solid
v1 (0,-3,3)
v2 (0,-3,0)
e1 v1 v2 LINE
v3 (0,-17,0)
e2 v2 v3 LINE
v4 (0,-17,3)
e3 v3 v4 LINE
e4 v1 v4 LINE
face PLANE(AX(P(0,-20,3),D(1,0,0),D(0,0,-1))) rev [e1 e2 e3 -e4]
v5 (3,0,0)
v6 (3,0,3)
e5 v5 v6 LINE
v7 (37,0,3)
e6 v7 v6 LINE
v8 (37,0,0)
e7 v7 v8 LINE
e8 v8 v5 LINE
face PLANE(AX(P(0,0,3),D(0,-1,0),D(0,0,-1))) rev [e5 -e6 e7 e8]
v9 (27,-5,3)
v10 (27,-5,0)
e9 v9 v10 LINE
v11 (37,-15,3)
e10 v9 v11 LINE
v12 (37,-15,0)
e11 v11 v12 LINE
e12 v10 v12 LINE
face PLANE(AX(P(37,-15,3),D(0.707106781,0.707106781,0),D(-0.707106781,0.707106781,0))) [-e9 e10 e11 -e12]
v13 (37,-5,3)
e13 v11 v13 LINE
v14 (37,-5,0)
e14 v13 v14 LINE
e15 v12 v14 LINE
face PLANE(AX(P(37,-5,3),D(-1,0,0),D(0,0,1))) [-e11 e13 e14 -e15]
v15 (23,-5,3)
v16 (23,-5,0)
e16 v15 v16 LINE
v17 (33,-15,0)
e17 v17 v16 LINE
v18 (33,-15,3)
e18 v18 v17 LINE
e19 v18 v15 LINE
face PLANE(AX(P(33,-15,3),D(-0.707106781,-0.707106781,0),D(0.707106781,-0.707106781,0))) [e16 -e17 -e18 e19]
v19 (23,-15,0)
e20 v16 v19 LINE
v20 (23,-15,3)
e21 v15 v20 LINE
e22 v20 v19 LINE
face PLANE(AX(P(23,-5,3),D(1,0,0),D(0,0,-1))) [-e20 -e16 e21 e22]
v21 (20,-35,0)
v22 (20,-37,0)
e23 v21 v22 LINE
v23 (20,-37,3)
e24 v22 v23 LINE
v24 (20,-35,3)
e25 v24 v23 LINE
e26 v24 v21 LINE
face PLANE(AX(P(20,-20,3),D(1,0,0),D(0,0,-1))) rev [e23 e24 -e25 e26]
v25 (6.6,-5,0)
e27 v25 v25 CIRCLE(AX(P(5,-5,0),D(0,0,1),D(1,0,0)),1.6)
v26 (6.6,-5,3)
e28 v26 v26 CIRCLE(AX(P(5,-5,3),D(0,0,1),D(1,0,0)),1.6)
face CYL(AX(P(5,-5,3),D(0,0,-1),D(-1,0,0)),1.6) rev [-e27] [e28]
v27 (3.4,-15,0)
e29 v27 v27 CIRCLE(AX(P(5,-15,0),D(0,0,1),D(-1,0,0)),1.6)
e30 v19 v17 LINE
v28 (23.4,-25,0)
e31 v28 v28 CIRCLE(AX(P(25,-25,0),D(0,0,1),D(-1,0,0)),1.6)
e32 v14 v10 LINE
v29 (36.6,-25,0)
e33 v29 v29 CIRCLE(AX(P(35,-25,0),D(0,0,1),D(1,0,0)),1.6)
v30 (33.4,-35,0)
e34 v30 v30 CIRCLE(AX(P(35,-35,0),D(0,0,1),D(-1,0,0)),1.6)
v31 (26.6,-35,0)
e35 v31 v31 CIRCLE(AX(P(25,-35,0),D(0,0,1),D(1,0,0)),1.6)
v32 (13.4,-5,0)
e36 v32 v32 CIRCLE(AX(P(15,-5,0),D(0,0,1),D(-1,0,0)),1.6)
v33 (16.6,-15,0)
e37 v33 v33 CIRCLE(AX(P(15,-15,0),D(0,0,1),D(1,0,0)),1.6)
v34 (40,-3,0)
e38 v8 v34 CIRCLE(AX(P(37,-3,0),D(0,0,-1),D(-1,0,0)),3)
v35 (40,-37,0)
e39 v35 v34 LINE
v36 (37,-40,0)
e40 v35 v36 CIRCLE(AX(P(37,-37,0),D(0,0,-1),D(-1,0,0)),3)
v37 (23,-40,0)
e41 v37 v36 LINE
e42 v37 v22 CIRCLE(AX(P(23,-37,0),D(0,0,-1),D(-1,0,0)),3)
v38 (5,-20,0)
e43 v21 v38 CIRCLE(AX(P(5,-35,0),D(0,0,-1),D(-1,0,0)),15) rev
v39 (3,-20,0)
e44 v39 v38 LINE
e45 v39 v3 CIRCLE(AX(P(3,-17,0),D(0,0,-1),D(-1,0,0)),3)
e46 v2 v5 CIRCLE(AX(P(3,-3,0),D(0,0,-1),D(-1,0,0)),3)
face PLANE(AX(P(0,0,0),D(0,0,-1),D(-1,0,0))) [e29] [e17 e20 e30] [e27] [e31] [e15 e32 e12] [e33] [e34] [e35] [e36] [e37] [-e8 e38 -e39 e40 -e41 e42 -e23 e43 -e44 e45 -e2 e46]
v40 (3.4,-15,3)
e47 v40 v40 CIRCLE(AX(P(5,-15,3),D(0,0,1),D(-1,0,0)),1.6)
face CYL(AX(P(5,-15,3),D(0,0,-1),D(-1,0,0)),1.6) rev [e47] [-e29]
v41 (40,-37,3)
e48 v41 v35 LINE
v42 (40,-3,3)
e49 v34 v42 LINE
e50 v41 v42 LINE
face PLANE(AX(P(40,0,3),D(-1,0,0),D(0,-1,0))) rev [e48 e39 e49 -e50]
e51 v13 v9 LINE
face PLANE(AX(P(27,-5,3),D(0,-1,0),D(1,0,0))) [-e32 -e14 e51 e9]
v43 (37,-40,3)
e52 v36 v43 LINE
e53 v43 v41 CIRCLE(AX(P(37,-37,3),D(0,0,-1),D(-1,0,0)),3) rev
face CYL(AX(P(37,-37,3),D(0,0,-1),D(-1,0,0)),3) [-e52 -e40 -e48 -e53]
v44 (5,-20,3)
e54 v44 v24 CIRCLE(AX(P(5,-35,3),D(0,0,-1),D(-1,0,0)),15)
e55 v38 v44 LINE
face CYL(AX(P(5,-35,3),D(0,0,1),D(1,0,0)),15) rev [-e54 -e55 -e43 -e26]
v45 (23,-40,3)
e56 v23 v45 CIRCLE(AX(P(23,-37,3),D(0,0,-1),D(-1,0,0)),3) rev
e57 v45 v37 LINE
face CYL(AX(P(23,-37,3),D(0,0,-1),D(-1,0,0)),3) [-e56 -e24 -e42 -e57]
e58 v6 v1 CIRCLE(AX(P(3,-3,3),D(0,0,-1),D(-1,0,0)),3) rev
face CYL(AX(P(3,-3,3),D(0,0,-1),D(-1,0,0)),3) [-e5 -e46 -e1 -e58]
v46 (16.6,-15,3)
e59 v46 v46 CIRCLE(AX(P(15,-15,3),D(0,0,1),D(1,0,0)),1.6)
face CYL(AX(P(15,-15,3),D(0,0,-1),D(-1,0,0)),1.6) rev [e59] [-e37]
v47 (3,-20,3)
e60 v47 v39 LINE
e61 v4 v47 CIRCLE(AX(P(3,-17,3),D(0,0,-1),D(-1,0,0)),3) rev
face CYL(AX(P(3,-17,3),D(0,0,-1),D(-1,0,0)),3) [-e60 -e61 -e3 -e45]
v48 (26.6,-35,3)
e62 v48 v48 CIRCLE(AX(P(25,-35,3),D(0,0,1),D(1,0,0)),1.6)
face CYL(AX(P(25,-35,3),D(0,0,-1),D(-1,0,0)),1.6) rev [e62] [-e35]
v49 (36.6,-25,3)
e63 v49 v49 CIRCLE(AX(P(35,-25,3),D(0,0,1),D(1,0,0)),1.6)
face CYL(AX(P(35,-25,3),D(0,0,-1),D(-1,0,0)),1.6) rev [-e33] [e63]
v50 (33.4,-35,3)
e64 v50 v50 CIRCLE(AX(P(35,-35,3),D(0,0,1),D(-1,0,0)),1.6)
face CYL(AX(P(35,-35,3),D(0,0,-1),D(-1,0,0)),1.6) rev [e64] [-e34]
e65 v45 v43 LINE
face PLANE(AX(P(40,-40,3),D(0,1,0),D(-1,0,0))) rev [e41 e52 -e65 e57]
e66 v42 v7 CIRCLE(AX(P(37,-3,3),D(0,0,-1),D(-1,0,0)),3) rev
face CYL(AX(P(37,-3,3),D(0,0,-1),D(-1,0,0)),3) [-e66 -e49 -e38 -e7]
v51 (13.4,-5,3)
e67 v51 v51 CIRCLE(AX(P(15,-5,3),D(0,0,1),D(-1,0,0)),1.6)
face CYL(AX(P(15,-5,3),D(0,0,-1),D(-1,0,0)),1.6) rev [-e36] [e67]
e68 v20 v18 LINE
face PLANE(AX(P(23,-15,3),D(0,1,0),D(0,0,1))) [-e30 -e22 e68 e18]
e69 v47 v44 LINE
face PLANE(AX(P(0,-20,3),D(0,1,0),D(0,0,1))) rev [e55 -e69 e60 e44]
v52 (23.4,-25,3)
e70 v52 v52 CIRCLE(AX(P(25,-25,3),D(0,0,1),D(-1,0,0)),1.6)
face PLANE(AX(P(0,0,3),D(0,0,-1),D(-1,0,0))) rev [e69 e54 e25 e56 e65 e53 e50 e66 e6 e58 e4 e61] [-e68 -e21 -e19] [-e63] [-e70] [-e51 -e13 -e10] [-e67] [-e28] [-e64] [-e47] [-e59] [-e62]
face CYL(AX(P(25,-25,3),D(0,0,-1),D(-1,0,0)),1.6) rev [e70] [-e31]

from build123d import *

# Parameters (mm, degrees)
SKETCH_1_R      = 1.6
EXTRUDE_1_DEPTH = 3
FILLET_1_R      = 3
FILLET_2_R      = 15


with BuildPart() as part:
    # 草图1 → 凸台-拉伸1 (new body)
    with BuildSketch(Plane.XY):
        Polygon((0, 0), (40, 0), (40, -40), (20, -40), (20, -20), (0, -20), align=None)
        with Locations((5, -5)):
            Circle(SKETCH_1_R, mode=Mode.SUBTRACT)
        with Locations(Location((15, -5, 0), (0, 0, 180))):
            Circle(SKETCH_1_R, mode=Mode.SUBTRACT)
        with Locations((15, -15)):
            Circle(SKETCH_1_R, mode=Mode.SUBTRACT)
        with Locations(Location((5, -15, 0), (0, 0, 180))):
            Circle(SKETCH_1_R, mode=Mode.SUBTRACT)
        with Locations((25, -35)):
            Circle(SKETCH_1_R, mode=Mode.SUBTRACT)
        with Locations(Location((35, -35, 0), (0, 0, 180))):
            Circle(SKETCH_1_R, mode=Mode.SUBTRACT)
        with Locations((35, -25)):
            Circle(SKETCH_1_R, mode=Mode.SUBTRACT)
        with Locations(Location((25, -25, 0), (0, 0, 180))):
            Circle(SKETCH_1_R, mode=Mode.SUBTRACT)
        Polygon((23, -5), (23, -15), (33, -15), align=None, mode=Mode.SUBTRACT)
        Polygon((27, -5), (37, -5), (37, -15), align=None, mode=Mode.SUBTRACT)
    extrude(amount=EXTRUDE_1_DEPTH)

    # 圆角1
    fillet_1_edges = [part.edges().sort_by_distance(p)[0] for p in [
        (0, 0, 1.5),
        (40, 0, 1.5),
        (40, -40, 1.5),
        (20, -40, 1.5),
        (0, -20, 1.5),
    ]]
    fillet(fillet_1_edges, radius=FILLET_1_R)

    # 圆角2
    fillet_2_edges = [part.edges().sort_by_distance(p)[0] for p in [
        (20, -20, 1.5),
    ]]
    fillet(fillet_2_edges, radius=FILLET_2_R)


solid = part.part
